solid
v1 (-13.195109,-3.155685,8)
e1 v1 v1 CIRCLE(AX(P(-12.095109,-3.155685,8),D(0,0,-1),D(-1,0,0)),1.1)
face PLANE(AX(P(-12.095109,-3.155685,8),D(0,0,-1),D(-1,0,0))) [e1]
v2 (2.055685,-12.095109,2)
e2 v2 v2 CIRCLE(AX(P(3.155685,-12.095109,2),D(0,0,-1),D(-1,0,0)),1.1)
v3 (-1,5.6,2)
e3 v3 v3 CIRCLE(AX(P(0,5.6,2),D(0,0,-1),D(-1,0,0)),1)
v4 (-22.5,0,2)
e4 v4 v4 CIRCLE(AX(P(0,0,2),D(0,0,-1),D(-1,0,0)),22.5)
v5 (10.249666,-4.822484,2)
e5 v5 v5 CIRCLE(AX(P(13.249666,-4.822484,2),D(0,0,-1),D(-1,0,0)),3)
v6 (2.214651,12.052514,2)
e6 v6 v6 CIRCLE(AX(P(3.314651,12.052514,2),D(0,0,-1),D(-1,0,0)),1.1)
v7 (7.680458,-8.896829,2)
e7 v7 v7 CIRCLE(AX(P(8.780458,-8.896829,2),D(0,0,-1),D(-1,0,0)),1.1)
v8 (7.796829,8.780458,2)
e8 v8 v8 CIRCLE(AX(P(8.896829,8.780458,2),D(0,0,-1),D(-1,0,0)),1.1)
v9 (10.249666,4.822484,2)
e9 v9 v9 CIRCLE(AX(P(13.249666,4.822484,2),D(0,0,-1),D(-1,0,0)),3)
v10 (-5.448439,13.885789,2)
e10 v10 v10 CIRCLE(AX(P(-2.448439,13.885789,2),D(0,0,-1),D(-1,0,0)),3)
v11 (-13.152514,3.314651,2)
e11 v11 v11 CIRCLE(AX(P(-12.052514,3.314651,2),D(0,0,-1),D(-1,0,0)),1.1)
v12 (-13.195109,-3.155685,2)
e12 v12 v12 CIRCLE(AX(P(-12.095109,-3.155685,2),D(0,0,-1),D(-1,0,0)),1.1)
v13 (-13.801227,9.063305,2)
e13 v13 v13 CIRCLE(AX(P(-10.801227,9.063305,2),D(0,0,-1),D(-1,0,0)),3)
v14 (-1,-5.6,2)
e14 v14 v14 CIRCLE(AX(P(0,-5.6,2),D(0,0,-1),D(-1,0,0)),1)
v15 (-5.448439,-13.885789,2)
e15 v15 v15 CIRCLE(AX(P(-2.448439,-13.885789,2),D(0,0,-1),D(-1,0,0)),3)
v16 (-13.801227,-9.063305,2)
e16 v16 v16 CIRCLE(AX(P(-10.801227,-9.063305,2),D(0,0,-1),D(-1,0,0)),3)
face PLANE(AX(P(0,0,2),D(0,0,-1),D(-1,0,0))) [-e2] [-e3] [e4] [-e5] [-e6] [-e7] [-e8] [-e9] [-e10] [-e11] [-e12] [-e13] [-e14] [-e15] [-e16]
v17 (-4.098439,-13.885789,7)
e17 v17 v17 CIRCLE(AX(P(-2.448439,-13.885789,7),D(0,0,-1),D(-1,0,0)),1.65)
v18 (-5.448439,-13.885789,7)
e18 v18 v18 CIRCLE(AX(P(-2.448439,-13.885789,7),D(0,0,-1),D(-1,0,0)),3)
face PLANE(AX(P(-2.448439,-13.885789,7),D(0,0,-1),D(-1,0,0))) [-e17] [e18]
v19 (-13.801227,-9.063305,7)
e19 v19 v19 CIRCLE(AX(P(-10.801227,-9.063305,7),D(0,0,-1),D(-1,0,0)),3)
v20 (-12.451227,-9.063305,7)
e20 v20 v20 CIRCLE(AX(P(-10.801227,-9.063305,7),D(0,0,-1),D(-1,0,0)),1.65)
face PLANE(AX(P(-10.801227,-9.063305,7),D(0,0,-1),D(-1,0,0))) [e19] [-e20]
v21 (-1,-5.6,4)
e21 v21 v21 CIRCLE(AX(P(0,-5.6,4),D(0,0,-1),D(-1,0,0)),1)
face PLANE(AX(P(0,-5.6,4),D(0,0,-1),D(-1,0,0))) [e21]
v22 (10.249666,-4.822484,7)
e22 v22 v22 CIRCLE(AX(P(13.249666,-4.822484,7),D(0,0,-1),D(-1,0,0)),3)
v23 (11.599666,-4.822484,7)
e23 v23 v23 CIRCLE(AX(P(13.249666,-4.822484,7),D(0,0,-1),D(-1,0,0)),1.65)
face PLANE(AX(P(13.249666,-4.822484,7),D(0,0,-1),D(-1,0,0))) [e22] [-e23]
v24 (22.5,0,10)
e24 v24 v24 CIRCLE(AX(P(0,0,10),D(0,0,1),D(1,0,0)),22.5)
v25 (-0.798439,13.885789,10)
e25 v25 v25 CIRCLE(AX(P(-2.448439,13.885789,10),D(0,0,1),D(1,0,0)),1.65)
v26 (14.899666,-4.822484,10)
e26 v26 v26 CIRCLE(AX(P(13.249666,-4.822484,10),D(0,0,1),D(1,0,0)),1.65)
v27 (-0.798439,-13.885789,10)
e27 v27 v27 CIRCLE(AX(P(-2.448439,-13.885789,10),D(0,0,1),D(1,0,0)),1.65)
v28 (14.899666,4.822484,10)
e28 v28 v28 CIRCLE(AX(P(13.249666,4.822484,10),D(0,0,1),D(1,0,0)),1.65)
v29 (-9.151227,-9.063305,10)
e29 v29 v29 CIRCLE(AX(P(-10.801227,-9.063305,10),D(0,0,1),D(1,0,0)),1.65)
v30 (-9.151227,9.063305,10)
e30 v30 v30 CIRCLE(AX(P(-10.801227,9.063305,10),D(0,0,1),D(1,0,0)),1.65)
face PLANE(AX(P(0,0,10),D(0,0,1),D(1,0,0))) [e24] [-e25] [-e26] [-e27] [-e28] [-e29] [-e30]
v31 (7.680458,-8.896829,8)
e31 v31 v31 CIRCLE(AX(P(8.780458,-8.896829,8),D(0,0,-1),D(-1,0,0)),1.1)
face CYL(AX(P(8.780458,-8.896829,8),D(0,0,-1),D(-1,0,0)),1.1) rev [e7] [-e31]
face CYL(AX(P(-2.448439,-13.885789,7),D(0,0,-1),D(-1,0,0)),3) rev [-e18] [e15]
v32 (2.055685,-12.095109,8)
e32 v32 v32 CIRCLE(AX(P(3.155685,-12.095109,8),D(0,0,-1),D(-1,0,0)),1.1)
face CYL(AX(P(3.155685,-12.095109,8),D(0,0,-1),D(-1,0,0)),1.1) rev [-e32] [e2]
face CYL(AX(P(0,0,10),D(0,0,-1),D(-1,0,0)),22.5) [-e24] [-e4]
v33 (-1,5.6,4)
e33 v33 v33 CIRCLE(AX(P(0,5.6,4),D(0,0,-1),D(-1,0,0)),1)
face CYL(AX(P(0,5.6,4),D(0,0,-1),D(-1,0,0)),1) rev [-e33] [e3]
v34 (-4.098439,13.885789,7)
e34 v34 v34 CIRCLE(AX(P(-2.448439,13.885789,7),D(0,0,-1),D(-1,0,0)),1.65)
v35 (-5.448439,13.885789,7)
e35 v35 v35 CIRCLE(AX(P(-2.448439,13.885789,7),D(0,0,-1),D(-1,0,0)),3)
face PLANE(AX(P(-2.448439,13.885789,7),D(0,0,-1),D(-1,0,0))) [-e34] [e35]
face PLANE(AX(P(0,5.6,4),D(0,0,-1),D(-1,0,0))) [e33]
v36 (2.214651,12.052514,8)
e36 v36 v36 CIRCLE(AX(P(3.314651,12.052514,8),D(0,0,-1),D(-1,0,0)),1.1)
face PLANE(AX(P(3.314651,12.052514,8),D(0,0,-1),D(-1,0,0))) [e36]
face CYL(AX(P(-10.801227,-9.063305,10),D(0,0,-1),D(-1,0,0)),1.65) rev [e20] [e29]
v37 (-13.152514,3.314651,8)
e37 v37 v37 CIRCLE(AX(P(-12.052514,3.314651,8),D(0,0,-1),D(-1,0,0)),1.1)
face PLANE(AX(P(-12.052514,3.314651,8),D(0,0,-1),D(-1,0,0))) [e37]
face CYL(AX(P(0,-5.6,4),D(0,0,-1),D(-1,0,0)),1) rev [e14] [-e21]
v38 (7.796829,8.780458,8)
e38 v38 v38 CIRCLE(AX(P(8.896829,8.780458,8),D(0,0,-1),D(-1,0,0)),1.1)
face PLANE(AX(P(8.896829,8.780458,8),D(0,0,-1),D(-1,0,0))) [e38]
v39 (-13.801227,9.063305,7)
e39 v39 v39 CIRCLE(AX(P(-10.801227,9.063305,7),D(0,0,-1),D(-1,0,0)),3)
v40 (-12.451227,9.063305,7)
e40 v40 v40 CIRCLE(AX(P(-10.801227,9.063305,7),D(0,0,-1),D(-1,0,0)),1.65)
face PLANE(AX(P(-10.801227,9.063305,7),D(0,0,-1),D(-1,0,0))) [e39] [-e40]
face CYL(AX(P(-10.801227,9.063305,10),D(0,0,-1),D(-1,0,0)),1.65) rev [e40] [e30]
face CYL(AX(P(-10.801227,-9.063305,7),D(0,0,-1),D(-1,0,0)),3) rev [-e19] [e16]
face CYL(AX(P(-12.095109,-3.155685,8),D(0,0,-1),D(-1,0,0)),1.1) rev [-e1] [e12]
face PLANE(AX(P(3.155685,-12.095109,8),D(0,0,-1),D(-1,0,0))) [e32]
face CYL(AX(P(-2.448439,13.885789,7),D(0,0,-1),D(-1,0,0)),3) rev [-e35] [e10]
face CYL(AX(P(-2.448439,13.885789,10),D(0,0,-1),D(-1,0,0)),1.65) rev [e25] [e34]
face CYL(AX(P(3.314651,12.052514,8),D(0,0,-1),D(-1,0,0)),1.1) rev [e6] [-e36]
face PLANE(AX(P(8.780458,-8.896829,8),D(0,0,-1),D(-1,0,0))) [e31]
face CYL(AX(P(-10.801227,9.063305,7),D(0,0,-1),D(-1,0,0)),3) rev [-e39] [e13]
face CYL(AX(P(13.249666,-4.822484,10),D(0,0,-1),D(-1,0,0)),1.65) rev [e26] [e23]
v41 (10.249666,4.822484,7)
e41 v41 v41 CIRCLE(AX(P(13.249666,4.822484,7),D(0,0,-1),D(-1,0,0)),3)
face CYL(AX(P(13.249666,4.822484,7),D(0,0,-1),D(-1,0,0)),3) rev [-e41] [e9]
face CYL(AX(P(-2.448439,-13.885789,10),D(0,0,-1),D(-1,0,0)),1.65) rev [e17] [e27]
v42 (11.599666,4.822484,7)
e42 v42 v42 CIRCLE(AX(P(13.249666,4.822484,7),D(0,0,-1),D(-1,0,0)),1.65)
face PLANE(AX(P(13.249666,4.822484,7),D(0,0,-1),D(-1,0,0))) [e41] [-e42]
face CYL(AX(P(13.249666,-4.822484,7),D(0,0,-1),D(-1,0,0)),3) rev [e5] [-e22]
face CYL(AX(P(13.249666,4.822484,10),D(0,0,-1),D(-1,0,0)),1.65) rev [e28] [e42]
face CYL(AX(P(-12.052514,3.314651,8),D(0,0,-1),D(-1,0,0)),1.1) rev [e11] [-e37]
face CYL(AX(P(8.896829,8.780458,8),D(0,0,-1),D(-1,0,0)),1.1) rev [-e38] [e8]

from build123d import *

# Parameters (mm, degrees)
SKETCH_1_R          = 22.5
SKETCH_1_R_2        = 1.65
EXTRUDE_1_DEPTH     = 10
SKETCH_3_R          = 3
CUT_EXTRUDE_1_DEPTH = 7
SKETCH_4_R          = 1.1
CUT_EXTRUDE_2_DEPTH = 8
SKETCH_5_R          = 22.5
SKETCH_5_R_2        = 3
SKETCH_5_R_3        = 1.1
CUT_EXTRUDE_3_DEPTH = 2
SKETCH_6_R          = 1
CUT_EXTRUDE_4_DEPTH = 2


with BuildPart() as part:
    # 스케치1 → 보스-돌출1 (new body)
    with BuildSketch(Plane.XY):
        Circle(SKETCH_1_R)
        with Locations((-2.448439305, 13.885789317)):
            Circle(SKETCH_1_R_2, mode=Mode.SUBTRACT)
        with Locations((-10.801226648, 9.063305297)):
            Circle(SKETCH_1_R_2, mode=Mode.SUBTRACT)
        with Locations((13.249665953, 4.822484021)):
            Circle(SKETCH_1_R_2, mode=Mode.SUBTRACT)
        with Locations((13.249665953, -4.822484021)):
            Circle(SKETCH_1_R_2, mode=Mode.SUBTRACT)
        with Locations((-2.448439305, -13.885789317)):
            Circle(SKETCH_1_R_2, mode=Mode.SUBTRACT)
        with Locations((-10.801226648, -9.063305297)):
            Circle(SKETCH_1_R_2, mode=Mode.SUBTRACT)
    extrude(amount=EXTRUDE_1_DEPTH)

    # 스케치3 → 컷-돌출1 (cut)
    with BuildSketch(Plane(origin=(0, 0, 0), x_dir=(-1, 0, 0), z_dir=(0, 0, -1))):
        with Locations((2.448439305, 13.885789317)):
            Circle(SKETCH_3_R)
        with Locations((10.801226648, 9.063305297)):
            Circle(SKETCH_3_R)
        with Locations((10.801226648, -9.063305297)):
            Circle(SKETCH_3_R)
        with Locations((2.448439305, -13.885789317)):
            Circle(SKETCH_3_R)
        with Locations((-13.249665953, -4.822484021)):
            Circle(SKETCH_3_R)
        with Locations((-13.249665953, 4.822484021)):
            Circle(SKETCH_3_R)
    extrude(amount=-CUT_EXTRUDE_1_DEPTH, mode=Mode.SUBTRACT)

    # 스케치4 → 컷-돌출2 (cut)
    with BuildSketch(Plane(origin=(0, 0, 0), x_dir=(-1, 0, 0), z_dir=(0, 0, -1))):
        with Locations((12.052513913, 3.314650565)):
            Circle(SKETCH_4_R)
        with Locations((12.095108511, -3.155685363)):
            Circle(SKETCH_4_R)
        with Locations((-3.155685363, -12.095108511)):
            Circle(SKETCH_4_R)
        with Locations((-8.780457946, -8.896828551)):
            Circle(SKETCH_4_R)
        with Locations((-8.896828551, 8.780457946)):
            Circle(SKETCH_4_R)
        with Locations((-3.314650565, 12.052513913)):
            Circle(SKETCH_4_R)
    extrude(amount=-CUT_EXTRUDE_2_DEPTH, mode=Mode.SUBTRACT)

    # 스케치5 → 컷-돌출3 (cut)
    with BuildSketch(Plane(origin=(0, 0, 0), x_dir=(-1, 0, 0), z_dir=(0, 0, -1))):
        Circle(SKETCH_5_R)
        with Locations((2.448439305, 13.885789317)):
            Circle(SKETCH_5_R_2, mode=Mode.SUBTRACT)
        with Locations((10.801226648, 9.063305297)):
            Circle(SKETCH_5_R_2, mode=Mode.SUBTRACT)
        with Locations((12.052513913, 3.314650565)):
            Circle(SKETCH_5_R_3, mode=Mode.SUBTRACT)
        with Locations((12.095108511, -3.155685363)):
            Circle(SKETCH_5_R_3, mode=Mode.SUBTRACT)
        with Locations((10.801226648, -9.063305297)):
            Circle(SKETCH_5_R_2, mode=Mode.SUBTRACT)
        with Locations((2.448439305, -13.885789317)):
            Circle(SKETCH_5_R_2, mode=Mode.SUBTRACT)
        with Locations((-3.155685363, -12.095108511)):
            Circle(SKETCH_5_R_3, mode=Mode.SUBTRACT)
        with Locations((-8.780457946, -8.896828551)):
            Circle(SKETCH_5_R_3, mode=Mode.SUBTRACT)
        with Locations((-13.249665953, -4.822484021)):
            Circle(SKETCH_5_R_2, mode=Mode.SUBTRACT)
        with Locations((-13.249665953, 4.822484021)):
            Circle(SKETCH_5_R_2, mode=Mode.SUBTRACT)
        with Locations((-8.896828551, 8.780457946)):
            Circle(SKETCH_5_R_3, mode=Mode.SUBTRACT)
        with Locations((-3.314650565, 12.052513913)):
            Circle(SKETCH_5_R_3, mode=Mode.SUBTRACT)
    extrude(amount=-CUT_EXTRUDE_3_DEPTH, mode=Mode.SUBTRACT)

    # 스케치6 → 컷-돌출4 (cut)
    with BuildSketch(Plane(origin=(0, 0, 2), x_dir=(-1, 0, 0), z_dir=(0, 0, -1))):
        with Locations((0, 5.6)):
            Circle(SKETCH_6_R)
        with Locations((0, -5.6)):
            Circle(SKETCH_6_R)
    extrude(amount=-CUT_EXTRUDE_4_DEPTH, mode=Mode.SUBTRACT)


solid = part.part
